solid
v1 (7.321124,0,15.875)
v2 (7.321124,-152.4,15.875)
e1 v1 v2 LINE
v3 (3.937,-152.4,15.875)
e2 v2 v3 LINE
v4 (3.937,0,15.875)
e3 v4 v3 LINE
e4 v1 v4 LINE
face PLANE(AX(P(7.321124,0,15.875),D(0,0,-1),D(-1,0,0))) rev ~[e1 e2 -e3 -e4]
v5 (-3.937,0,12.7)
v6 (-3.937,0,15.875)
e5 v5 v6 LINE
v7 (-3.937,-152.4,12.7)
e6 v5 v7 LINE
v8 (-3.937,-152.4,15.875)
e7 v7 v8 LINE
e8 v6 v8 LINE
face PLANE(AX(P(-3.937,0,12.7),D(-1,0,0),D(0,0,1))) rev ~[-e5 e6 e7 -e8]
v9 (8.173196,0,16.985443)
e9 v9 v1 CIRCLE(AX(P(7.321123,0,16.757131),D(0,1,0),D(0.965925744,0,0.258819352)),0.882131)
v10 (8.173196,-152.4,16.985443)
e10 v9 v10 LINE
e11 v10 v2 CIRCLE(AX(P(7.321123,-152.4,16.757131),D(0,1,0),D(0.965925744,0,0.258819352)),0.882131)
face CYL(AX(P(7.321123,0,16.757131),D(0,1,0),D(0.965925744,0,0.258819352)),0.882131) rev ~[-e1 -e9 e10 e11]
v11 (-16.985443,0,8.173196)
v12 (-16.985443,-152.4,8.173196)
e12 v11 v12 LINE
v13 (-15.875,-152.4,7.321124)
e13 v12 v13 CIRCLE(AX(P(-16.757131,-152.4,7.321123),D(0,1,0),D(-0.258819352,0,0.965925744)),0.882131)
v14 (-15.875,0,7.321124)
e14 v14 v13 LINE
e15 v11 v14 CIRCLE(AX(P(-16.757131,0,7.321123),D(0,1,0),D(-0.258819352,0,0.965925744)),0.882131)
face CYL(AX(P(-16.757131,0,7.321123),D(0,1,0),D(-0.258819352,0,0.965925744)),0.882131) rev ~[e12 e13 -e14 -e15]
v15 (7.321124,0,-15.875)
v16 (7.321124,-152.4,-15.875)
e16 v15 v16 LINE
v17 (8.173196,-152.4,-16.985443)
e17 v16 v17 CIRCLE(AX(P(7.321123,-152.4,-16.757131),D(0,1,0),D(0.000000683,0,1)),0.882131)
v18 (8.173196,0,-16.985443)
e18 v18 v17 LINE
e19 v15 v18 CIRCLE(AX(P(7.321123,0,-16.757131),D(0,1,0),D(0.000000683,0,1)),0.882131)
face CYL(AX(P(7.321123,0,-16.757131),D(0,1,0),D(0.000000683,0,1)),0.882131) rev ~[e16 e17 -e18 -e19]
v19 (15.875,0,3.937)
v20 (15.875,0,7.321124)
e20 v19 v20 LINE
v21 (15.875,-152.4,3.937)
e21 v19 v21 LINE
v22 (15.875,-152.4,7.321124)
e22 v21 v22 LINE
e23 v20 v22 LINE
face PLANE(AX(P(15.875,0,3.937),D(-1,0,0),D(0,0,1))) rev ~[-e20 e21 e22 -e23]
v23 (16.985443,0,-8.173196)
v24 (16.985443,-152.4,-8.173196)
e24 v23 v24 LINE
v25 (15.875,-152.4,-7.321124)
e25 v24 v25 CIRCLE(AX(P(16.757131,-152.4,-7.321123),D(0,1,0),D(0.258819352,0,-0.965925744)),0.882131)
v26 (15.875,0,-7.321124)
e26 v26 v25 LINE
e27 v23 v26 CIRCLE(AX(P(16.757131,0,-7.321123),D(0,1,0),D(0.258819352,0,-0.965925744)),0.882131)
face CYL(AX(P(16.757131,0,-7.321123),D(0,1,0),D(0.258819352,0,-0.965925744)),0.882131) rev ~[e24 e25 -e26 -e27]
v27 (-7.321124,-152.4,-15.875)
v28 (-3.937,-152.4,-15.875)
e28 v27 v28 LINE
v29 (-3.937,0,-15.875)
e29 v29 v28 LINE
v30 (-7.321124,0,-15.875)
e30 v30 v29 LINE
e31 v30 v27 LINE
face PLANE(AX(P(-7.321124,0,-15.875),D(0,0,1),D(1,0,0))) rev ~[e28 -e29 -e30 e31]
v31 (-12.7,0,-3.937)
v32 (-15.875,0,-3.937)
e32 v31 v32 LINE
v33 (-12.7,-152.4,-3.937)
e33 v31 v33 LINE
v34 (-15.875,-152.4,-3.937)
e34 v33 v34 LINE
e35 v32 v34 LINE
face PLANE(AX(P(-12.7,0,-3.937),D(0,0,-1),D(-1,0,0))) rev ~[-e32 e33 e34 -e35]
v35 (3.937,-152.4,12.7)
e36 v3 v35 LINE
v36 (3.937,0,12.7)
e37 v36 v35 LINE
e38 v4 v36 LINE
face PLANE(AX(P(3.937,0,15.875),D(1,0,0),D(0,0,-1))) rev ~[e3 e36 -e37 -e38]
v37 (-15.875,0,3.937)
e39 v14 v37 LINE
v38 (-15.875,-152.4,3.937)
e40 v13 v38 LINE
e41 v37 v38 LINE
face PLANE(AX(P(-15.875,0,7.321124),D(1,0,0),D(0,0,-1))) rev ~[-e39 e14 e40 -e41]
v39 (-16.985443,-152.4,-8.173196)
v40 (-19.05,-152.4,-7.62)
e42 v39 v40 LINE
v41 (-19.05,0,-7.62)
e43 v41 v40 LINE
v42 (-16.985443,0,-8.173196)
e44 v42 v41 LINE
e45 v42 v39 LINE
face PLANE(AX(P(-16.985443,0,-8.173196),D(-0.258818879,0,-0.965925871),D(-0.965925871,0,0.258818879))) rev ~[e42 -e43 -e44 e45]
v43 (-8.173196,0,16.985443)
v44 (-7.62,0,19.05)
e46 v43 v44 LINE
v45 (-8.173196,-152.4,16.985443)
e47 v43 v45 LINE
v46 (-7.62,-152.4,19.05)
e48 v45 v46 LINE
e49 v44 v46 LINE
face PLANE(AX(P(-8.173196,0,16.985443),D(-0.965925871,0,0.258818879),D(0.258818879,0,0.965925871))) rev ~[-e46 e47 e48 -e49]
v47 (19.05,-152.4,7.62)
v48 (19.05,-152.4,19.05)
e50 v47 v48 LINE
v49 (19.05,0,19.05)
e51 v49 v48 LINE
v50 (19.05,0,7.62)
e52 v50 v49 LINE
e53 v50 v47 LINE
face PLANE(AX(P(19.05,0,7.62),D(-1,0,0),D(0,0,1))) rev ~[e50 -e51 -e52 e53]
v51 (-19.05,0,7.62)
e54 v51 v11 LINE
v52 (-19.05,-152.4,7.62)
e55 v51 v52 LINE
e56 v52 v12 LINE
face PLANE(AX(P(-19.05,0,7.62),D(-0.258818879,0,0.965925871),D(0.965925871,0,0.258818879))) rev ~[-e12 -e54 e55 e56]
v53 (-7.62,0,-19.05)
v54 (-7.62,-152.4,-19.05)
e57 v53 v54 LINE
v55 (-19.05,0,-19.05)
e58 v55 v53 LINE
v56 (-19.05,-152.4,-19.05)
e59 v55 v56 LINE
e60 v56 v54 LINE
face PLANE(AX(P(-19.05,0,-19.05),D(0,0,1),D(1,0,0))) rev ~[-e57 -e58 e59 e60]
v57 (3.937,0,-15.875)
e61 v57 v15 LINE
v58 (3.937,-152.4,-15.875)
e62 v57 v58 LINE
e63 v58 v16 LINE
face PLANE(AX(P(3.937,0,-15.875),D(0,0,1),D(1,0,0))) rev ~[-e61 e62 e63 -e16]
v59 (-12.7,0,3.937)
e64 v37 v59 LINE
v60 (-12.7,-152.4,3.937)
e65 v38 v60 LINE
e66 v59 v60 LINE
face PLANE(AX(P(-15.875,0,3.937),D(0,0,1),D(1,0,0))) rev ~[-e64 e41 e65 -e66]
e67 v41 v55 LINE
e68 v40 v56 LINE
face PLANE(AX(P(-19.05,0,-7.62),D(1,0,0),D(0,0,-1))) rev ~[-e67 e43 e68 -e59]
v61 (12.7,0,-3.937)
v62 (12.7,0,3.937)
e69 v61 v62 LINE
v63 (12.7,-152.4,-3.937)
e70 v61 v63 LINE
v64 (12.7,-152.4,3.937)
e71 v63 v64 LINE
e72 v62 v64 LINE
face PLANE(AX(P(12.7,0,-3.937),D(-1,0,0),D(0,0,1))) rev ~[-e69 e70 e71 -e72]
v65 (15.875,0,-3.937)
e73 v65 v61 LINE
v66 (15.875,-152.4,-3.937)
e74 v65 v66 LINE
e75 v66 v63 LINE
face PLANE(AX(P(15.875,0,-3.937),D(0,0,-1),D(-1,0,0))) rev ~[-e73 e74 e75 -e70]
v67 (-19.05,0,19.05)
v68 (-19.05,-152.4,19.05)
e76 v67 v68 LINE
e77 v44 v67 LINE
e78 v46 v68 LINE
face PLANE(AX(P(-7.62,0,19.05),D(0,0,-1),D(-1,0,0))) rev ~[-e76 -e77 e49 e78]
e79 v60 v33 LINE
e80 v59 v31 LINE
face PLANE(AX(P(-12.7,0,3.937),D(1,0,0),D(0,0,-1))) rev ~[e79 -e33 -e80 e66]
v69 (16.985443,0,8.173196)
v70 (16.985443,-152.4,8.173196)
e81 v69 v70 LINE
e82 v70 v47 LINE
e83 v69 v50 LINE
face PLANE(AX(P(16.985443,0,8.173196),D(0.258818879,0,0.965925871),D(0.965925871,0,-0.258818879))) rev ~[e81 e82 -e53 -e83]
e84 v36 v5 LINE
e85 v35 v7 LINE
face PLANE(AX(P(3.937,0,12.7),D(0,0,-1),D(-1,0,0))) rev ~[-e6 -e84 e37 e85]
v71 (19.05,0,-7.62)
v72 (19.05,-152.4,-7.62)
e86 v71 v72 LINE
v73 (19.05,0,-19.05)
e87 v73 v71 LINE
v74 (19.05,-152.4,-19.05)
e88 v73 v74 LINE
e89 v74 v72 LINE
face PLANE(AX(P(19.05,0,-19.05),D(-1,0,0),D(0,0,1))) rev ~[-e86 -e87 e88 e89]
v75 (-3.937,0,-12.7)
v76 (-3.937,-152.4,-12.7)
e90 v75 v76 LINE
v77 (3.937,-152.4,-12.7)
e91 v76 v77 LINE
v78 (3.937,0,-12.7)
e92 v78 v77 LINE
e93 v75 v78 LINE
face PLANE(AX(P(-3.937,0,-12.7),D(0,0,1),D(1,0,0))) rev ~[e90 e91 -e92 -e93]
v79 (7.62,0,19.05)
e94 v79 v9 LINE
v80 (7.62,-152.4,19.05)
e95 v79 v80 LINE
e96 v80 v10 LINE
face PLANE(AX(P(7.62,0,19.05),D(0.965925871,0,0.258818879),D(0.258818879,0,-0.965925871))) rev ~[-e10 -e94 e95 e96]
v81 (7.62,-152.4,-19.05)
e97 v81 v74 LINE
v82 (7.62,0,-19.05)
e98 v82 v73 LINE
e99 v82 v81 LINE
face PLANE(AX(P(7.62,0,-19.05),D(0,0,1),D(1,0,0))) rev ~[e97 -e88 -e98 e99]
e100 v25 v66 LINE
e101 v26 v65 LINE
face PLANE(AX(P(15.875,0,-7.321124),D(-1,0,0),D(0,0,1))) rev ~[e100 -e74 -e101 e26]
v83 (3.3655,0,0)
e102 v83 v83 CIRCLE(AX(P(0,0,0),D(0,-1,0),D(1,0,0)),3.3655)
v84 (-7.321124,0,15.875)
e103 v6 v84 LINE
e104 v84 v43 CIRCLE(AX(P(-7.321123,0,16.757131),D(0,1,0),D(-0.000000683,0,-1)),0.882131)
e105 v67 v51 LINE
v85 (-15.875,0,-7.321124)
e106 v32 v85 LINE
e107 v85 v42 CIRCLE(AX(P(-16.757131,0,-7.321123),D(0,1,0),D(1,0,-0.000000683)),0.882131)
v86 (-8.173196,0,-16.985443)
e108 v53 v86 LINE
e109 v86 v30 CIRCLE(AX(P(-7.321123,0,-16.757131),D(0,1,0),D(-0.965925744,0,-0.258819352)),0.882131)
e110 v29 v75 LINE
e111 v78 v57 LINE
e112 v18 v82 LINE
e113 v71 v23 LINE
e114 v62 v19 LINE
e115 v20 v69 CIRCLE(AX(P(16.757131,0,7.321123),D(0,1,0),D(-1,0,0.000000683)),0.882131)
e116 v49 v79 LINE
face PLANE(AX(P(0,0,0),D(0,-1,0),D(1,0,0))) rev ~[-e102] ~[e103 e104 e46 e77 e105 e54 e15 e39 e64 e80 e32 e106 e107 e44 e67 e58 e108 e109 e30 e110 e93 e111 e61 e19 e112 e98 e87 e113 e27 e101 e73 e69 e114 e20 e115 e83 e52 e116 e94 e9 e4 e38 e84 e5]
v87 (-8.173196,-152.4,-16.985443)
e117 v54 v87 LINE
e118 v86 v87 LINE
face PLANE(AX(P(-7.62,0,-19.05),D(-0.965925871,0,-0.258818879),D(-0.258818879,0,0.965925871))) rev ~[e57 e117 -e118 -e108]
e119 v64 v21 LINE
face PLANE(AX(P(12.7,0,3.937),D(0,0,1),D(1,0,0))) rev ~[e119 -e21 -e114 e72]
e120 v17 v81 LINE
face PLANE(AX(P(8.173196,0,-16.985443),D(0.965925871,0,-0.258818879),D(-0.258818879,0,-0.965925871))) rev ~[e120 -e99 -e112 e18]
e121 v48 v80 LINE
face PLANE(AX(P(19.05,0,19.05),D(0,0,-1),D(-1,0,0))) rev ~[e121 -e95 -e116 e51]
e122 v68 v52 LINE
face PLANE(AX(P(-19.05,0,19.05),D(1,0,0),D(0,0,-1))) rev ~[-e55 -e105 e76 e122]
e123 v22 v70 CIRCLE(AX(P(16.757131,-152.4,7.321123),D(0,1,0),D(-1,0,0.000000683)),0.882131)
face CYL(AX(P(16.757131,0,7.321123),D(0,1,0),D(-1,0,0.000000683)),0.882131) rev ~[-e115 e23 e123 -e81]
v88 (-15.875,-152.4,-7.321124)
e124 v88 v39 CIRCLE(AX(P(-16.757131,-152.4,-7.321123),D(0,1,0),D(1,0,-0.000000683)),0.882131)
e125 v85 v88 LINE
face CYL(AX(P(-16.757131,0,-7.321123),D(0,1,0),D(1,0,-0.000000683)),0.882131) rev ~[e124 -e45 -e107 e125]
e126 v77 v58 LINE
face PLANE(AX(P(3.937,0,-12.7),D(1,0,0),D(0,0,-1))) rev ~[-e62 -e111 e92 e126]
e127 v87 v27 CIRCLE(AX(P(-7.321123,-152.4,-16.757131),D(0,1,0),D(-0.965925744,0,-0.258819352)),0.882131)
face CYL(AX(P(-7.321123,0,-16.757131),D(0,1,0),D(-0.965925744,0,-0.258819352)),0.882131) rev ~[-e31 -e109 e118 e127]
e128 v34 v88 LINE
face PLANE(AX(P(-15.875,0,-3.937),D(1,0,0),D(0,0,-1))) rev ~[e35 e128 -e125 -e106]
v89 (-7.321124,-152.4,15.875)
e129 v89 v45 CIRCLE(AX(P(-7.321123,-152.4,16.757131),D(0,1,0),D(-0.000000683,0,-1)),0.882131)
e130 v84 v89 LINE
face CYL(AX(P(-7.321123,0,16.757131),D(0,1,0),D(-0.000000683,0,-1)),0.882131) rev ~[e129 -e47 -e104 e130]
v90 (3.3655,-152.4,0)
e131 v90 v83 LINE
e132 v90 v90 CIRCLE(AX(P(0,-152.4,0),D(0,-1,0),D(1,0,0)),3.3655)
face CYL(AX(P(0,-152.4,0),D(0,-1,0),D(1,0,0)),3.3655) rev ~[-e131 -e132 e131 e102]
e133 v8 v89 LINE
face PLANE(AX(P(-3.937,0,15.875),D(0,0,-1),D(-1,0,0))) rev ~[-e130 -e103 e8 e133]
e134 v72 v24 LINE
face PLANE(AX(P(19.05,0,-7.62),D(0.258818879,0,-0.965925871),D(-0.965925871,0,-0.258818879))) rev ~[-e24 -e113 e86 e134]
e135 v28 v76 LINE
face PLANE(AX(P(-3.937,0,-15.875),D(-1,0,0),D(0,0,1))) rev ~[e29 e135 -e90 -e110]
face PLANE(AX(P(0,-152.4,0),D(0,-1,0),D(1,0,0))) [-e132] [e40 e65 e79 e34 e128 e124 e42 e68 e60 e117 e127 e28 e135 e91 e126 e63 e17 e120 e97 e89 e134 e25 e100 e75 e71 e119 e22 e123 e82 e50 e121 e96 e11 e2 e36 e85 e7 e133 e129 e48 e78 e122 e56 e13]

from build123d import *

# Parameters (mm, degrees)
F1_DEPTH = 152.4
F2_R     = 3.3655
F3_DEPTH = 152.401


with BuildPart() as f1:
    # F0 (on Front) → F1 (new body)
    with BuildSketch(Plane.XZ):
        with BuildLine():
            Line((3.937, 15.875), (3.937, 12.7))
            Line((3.937, 12.7), (-3.937, 12.7))
            Line((-3.937, 12.7), (-3.937, 15.875))
            Line((-3.937, 15.875), (-7.321124, 15.875))
            ThreePointArc((-7.321124, 15.875), (-8.020965, 16.220124), (-8.173196, 16.985443))
            Line((-8.173196, 16.985443), (-7.62, 19.05))
            Line((-7.62, 19.05), (-19.05, 19.05))
            Line((-19.05, 19.05), (-19.05, 7.62))
            Line((-19.05, 7.62), (-16.985443, 8.173196))
            ThreePointArc((-16.985443, 8.173196), (-16.220124, 8.020965), (-15.875, 7.321124))
            Line((-15.875, 7.321124), (-15.875, 3.937))
            Line((-15.875, 3.937), (-12.7, 3.937))
            Line((-12.7, 3.937), (-12.7, -3.937))
            Line((-12.7, -3.937), (-15.875, -3.937))
            Line((-15.875, -3.937), (-15.875, -7.321124))
            ThreePointArc((-15.875, -7.321124), (-16.220124, -8.020965), (-16.985443, -8.173196))
            Line((-16.985443, -8.173196), (-19.05, -7.62))
            Line((-19.05, -7.62), (-19.05, -19.05))
            Line((-19.05, -19.05), (-7.62, -19.05))
            Line((-7.62, -19.05), (-8.173196, -16.985443))
            ThreePointArc((-8.173196, -16.985443), (-8.020965, -16.220124), (-7.321124, -15.875))
            Line((-7.321124, -15.875), (-3.937, -15.875))
            Line((-3.937, -15.875), (-3.937, -12.7))
            Line((-3.937, -12.7), (3.937, -12.7))
            Line((3.937, -12.7), (3.937, -15.875))
            Line((3.937, -15.875), (7.321124, -15.875))
            ThreePointArc((7.321124, -15.875), (8.020965, -16.220124), (8.173196, -16.985443))
            Line((8.173196, -16.985443), (7.62, -19.05))
            Line((7.62, -19.05), (19.05, -19.05))
            Line((19.05, -19.05), (19.05, -7.62))
            Line((19.05, -7.62), (16.985443, -8.173196))
            ThreePointArc((16.985443, -8.173196), (16.220124, -8.020965), (15.875, -7.321124))
            Line((15.875, -7.321124), (15.875, -3.937))
            Line((15.875, -3.937), (12.7, -3.937))
            Line((12.7, -3.937), (12.7, 3.937))
            Line((12.7, 3.937), (15.875, 3.937))
            Line((15.875, 3.937), (15.875, 7.321124))
            ThreePointArc((15.875, 7.321124), (16.220124, 8.020965), (16.985443, 8.173196))
            Line((16.985443, 8.173196), (19.05, 7.62))
            Line((19.05, 7.62), (19.05, 19.05))
            Line((19.05, 19.05), (7.62, 19.05))
            Line((7.62, 19.05), (8.173196, 16.985443))
            ThreePointArc((8.173196, 16.985443), (8.020965, 16.220124), (7.321124, 15.875))
            Line((7.321124, 15.875), (3.937, 15.875))
        make_face()
    extrude(amount=F1_DEPTH)

    # F2 (on face) → F3 (cut, through all)
    with BuildSketch(Plane.XZ.offset(152.4)):
        Circle(F2_R)
    extrude(amount=-F3_DEPTH, mode=Mode.SUBTRACT)


solid = f1.part
